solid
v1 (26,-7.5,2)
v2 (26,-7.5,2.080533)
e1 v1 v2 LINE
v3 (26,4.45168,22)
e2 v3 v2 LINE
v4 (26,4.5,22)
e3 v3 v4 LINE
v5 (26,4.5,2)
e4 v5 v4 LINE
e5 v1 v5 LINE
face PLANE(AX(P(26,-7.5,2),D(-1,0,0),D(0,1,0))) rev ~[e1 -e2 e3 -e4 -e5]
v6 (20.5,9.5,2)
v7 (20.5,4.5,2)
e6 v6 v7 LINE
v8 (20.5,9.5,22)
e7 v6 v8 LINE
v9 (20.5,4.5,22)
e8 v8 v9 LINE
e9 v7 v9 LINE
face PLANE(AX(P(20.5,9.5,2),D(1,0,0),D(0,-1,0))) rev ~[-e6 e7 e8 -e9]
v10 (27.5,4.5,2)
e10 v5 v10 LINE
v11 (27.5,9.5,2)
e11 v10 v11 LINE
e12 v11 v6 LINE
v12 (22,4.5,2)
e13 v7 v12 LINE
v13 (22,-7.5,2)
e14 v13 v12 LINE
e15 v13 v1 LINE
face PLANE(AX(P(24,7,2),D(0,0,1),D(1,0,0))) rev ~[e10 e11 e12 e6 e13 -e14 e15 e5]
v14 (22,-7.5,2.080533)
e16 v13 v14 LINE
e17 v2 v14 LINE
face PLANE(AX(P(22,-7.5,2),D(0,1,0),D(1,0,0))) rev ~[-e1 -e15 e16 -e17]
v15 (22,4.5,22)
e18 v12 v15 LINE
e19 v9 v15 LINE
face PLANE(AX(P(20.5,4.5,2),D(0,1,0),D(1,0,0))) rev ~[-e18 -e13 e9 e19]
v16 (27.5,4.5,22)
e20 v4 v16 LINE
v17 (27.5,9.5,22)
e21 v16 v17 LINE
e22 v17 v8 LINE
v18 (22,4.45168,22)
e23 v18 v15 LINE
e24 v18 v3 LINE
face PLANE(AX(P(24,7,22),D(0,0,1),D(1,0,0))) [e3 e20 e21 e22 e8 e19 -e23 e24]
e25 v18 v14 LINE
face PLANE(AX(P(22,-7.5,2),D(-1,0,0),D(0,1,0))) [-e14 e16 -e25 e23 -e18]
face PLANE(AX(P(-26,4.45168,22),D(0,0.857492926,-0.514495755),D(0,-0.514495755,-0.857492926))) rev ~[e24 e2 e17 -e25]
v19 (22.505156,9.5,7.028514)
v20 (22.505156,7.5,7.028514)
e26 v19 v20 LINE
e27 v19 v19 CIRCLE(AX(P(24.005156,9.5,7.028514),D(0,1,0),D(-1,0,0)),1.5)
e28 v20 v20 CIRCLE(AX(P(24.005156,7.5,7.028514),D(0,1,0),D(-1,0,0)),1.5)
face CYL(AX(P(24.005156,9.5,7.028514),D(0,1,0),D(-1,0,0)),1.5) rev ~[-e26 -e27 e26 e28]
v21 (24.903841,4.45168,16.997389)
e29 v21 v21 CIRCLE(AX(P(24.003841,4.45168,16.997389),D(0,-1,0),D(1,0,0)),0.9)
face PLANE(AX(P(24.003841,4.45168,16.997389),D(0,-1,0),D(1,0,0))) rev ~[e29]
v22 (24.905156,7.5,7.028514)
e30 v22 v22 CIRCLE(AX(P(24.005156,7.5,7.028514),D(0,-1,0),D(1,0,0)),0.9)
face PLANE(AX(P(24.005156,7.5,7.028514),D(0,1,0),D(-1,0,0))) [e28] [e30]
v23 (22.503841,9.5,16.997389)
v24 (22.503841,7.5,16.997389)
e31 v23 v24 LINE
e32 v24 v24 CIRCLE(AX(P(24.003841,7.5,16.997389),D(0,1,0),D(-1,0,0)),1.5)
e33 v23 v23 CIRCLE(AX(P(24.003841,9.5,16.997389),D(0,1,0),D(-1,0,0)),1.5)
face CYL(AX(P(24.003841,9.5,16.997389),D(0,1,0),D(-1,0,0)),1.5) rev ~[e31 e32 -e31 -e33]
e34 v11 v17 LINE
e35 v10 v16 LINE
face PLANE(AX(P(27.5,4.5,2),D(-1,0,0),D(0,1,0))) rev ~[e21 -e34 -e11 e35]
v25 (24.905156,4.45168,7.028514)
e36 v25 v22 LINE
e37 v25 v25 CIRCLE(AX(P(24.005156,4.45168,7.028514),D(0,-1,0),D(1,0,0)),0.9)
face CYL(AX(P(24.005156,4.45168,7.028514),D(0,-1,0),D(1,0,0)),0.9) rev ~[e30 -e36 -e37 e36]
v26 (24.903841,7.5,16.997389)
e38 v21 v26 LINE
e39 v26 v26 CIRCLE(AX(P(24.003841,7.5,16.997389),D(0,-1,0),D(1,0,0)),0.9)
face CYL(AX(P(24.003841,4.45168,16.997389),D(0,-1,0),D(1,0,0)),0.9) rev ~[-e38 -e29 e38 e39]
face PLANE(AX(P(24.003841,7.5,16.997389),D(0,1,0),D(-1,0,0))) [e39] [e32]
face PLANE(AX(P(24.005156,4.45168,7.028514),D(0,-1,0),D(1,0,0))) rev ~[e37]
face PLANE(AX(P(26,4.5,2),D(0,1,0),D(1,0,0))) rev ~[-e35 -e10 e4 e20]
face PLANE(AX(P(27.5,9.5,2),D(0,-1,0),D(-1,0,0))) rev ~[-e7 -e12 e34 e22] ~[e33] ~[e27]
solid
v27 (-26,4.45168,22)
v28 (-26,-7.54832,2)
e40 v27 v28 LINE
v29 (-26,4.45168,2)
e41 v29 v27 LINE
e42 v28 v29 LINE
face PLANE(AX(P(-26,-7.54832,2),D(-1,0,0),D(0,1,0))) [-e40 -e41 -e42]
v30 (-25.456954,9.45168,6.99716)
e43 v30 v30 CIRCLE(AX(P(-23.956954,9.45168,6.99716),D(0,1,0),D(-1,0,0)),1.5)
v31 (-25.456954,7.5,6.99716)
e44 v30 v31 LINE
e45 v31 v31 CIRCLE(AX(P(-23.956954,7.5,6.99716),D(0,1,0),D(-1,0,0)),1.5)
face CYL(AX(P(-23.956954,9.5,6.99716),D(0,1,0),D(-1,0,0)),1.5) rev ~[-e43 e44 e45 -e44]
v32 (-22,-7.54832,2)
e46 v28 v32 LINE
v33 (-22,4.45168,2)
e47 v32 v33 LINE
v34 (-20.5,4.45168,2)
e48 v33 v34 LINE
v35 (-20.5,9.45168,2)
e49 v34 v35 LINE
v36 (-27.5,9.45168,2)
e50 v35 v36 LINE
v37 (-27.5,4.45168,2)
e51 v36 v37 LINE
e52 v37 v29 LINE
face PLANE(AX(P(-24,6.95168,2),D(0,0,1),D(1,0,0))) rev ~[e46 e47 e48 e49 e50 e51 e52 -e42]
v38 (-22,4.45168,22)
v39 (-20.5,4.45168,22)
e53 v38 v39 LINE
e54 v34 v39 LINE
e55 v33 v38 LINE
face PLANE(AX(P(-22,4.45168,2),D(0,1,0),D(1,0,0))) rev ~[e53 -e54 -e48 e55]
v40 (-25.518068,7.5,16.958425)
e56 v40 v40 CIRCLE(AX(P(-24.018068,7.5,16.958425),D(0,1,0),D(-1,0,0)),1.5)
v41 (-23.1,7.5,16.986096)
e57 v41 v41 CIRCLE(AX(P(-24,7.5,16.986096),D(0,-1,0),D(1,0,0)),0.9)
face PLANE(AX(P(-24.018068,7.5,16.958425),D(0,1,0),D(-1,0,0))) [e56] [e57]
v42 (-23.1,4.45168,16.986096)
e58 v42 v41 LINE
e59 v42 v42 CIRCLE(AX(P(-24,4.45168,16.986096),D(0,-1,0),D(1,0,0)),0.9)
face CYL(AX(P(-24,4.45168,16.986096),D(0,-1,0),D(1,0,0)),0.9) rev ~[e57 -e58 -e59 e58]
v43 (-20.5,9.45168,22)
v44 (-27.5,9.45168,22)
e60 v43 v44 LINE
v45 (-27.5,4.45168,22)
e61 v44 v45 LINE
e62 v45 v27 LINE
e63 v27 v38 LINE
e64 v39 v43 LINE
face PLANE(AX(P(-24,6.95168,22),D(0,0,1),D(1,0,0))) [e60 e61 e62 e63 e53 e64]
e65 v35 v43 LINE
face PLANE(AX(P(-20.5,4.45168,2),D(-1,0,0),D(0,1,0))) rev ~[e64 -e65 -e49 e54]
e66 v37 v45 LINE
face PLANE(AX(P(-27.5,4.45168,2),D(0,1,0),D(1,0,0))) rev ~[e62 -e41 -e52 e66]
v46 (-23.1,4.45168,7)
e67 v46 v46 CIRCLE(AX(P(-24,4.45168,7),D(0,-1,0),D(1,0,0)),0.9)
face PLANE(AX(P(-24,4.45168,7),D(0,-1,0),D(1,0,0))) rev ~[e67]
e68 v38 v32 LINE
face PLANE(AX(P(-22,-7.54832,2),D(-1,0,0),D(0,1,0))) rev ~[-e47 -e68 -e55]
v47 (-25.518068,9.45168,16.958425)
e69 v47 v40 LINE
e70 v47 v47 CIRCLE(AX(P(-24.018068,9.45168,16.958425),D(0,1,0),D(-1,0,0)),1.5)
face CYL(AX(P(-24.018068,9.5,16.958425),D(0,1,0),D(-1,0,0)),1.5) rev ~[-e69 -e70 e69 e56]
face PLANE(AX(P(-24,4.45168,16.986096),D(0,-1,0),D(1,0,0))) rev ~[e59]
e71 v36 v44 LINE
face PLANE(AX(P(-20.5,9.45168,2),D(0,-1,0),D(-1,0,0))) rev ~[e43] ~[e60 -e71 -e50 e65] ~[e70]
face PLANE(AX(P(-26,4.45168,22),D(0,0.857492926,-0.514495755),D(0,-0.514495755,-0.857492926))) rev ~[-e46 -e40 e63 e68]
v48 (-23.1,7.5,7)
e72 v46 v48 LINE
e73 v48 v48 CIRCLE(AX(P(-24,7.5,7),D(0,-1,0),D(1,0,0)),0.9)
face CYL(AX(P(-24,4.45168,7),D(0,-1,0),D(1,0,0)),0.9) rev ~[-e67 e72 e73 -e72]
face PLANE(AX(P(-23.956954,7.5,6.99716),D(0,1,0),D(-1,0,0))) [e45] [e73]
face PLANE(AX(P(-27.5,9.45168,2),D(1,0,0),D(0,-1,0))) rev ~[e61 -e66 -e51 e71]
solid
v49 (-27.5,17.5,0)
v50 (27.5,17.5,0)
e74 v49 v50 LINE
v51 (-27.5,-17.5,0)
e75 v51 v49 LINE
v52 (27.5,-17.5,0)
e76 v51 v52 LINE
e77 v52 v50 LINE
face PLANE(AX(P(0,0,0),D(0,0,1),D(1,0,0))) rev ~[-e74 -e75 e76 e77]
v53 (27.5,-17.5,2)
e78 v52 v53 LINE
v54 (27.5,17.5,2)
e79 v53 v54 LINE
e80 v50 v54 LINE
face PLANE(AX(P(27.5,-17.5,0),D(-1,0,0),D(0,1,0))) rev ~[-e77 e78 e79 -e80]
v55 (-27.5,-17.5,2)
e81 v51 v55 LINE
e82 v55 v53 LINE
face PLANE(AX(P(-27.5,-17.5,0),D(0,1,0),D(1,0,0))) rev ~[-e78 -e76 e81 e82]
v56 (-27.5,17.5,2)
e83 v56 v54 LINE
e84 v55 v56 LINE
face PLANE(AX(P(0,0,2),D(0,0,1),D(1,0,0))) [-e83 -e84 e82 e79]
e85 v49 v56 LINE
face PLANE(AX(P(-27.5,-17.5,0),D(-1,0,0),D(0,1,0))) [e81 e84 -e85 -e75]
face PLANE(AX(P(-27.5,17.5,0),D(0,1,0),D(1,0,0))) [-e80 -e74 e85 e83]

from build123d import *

# Parameters (mm, degrees)
F0_W      = 55
F0_H      = 35
F1_DEPTH  = 2
F3_W      = 4
F3_H      = 12
F4_DEPTH  = 20
F6_R      = 0.9
F7_DEPTH  = 7
F8_R      = 1.5
F8_R_2    = 0.9
F9_DEPTH  = 2
F11_DEPTH = 55


with BuildPart() as f1:
    # F0 (on Top) → F1 (new body)
    with BuildSketch(Plane.XY):
        Rectangle(F0_W, F0_H)
    extrude(amount=F1_DEPTH)


with BuildPart() as f4:
    # F3 (on face) → F4 (new body)
    with BuildSketch(Plane.XY.offset(2)):
        Polygon((-27.5, 9.45168), (-27.5, 4.45168), (-26, 4.45168), (-22, 4.45168), (-20.5, 4.45168), (-20.5, 9.45168), align=None)
        Polygon((27.5, 9.5), (20.5, 9.5), (20.5, 4.5), (22, 4.5), (26, 4.5), (27.5, 4.5), align=None)
        with Locations((-24, -1.54832)):
            Rectangle(F3_W, F3_H)
        with Locations((24, -1.5)):
            Rectangle(F3_W, F3_H)
    extrude(amount=F4_DEPTH)

    # F6 (on face) → F7 (cut)
    with BuildSketch(Plane.XZ.offset(-4.45168)):
        with Locations((-24, 16.986096)):
            Circle(F6_R)
        with Locations((-24, 7)):
            Circle(F6_R)
        with Locations((24.003841, 16.997389)):
            Circle(F6_R)
        with Locations((24.005156, 7.028514)):
            Circle(F6_R)
    extrude(amount=-F7_DEPTH, mode=Mode.SUBTRACT)

    # F8 (on face) → F9 (cut)
    with BuildSketch(Plane(origin=(0, 9.5, 0), x_dir=(-1, 0, 0), z_dir=(0, 1, 0))):
        with Locations((-24.003841, 16.997389)):
            Circle(F8_R)
        with Locations((-24.003841, 16.997389)):
            Circle(F8_R_2, mode=Mode.SUBTRACT)
        with Locations((-24.005156, 7.028514)):
            Circle(F8_R)
        with Locations((-24.005156, 7.028514)):
            Circle(F8_R_2, mode=Mode.SUBTRACT)
        with Locations((24.018068, 16.958425)):
            Circle(F8_R)
        with Locations((23.956954, 6.99716)):
            Circle(F8_R)
    extrude(amount=-F9_DEPTH, mode=Mode.SUBTRACT)

    # F10 (on face) → F11 (cut)
    with BuildSketch(Plane(origin=(-26, 0, 0), x_dir=(0, -1, 0), z_dir=(-1, 0, 0))):
        Polygon((-4.45168, 22), (7.54832, 2), (7.54832, 22), align=None)
    extrude(amount=-F11_DEPTH, mode=Mode.SUBTRACT)


solid = Compound([f1.part, f4.part])
